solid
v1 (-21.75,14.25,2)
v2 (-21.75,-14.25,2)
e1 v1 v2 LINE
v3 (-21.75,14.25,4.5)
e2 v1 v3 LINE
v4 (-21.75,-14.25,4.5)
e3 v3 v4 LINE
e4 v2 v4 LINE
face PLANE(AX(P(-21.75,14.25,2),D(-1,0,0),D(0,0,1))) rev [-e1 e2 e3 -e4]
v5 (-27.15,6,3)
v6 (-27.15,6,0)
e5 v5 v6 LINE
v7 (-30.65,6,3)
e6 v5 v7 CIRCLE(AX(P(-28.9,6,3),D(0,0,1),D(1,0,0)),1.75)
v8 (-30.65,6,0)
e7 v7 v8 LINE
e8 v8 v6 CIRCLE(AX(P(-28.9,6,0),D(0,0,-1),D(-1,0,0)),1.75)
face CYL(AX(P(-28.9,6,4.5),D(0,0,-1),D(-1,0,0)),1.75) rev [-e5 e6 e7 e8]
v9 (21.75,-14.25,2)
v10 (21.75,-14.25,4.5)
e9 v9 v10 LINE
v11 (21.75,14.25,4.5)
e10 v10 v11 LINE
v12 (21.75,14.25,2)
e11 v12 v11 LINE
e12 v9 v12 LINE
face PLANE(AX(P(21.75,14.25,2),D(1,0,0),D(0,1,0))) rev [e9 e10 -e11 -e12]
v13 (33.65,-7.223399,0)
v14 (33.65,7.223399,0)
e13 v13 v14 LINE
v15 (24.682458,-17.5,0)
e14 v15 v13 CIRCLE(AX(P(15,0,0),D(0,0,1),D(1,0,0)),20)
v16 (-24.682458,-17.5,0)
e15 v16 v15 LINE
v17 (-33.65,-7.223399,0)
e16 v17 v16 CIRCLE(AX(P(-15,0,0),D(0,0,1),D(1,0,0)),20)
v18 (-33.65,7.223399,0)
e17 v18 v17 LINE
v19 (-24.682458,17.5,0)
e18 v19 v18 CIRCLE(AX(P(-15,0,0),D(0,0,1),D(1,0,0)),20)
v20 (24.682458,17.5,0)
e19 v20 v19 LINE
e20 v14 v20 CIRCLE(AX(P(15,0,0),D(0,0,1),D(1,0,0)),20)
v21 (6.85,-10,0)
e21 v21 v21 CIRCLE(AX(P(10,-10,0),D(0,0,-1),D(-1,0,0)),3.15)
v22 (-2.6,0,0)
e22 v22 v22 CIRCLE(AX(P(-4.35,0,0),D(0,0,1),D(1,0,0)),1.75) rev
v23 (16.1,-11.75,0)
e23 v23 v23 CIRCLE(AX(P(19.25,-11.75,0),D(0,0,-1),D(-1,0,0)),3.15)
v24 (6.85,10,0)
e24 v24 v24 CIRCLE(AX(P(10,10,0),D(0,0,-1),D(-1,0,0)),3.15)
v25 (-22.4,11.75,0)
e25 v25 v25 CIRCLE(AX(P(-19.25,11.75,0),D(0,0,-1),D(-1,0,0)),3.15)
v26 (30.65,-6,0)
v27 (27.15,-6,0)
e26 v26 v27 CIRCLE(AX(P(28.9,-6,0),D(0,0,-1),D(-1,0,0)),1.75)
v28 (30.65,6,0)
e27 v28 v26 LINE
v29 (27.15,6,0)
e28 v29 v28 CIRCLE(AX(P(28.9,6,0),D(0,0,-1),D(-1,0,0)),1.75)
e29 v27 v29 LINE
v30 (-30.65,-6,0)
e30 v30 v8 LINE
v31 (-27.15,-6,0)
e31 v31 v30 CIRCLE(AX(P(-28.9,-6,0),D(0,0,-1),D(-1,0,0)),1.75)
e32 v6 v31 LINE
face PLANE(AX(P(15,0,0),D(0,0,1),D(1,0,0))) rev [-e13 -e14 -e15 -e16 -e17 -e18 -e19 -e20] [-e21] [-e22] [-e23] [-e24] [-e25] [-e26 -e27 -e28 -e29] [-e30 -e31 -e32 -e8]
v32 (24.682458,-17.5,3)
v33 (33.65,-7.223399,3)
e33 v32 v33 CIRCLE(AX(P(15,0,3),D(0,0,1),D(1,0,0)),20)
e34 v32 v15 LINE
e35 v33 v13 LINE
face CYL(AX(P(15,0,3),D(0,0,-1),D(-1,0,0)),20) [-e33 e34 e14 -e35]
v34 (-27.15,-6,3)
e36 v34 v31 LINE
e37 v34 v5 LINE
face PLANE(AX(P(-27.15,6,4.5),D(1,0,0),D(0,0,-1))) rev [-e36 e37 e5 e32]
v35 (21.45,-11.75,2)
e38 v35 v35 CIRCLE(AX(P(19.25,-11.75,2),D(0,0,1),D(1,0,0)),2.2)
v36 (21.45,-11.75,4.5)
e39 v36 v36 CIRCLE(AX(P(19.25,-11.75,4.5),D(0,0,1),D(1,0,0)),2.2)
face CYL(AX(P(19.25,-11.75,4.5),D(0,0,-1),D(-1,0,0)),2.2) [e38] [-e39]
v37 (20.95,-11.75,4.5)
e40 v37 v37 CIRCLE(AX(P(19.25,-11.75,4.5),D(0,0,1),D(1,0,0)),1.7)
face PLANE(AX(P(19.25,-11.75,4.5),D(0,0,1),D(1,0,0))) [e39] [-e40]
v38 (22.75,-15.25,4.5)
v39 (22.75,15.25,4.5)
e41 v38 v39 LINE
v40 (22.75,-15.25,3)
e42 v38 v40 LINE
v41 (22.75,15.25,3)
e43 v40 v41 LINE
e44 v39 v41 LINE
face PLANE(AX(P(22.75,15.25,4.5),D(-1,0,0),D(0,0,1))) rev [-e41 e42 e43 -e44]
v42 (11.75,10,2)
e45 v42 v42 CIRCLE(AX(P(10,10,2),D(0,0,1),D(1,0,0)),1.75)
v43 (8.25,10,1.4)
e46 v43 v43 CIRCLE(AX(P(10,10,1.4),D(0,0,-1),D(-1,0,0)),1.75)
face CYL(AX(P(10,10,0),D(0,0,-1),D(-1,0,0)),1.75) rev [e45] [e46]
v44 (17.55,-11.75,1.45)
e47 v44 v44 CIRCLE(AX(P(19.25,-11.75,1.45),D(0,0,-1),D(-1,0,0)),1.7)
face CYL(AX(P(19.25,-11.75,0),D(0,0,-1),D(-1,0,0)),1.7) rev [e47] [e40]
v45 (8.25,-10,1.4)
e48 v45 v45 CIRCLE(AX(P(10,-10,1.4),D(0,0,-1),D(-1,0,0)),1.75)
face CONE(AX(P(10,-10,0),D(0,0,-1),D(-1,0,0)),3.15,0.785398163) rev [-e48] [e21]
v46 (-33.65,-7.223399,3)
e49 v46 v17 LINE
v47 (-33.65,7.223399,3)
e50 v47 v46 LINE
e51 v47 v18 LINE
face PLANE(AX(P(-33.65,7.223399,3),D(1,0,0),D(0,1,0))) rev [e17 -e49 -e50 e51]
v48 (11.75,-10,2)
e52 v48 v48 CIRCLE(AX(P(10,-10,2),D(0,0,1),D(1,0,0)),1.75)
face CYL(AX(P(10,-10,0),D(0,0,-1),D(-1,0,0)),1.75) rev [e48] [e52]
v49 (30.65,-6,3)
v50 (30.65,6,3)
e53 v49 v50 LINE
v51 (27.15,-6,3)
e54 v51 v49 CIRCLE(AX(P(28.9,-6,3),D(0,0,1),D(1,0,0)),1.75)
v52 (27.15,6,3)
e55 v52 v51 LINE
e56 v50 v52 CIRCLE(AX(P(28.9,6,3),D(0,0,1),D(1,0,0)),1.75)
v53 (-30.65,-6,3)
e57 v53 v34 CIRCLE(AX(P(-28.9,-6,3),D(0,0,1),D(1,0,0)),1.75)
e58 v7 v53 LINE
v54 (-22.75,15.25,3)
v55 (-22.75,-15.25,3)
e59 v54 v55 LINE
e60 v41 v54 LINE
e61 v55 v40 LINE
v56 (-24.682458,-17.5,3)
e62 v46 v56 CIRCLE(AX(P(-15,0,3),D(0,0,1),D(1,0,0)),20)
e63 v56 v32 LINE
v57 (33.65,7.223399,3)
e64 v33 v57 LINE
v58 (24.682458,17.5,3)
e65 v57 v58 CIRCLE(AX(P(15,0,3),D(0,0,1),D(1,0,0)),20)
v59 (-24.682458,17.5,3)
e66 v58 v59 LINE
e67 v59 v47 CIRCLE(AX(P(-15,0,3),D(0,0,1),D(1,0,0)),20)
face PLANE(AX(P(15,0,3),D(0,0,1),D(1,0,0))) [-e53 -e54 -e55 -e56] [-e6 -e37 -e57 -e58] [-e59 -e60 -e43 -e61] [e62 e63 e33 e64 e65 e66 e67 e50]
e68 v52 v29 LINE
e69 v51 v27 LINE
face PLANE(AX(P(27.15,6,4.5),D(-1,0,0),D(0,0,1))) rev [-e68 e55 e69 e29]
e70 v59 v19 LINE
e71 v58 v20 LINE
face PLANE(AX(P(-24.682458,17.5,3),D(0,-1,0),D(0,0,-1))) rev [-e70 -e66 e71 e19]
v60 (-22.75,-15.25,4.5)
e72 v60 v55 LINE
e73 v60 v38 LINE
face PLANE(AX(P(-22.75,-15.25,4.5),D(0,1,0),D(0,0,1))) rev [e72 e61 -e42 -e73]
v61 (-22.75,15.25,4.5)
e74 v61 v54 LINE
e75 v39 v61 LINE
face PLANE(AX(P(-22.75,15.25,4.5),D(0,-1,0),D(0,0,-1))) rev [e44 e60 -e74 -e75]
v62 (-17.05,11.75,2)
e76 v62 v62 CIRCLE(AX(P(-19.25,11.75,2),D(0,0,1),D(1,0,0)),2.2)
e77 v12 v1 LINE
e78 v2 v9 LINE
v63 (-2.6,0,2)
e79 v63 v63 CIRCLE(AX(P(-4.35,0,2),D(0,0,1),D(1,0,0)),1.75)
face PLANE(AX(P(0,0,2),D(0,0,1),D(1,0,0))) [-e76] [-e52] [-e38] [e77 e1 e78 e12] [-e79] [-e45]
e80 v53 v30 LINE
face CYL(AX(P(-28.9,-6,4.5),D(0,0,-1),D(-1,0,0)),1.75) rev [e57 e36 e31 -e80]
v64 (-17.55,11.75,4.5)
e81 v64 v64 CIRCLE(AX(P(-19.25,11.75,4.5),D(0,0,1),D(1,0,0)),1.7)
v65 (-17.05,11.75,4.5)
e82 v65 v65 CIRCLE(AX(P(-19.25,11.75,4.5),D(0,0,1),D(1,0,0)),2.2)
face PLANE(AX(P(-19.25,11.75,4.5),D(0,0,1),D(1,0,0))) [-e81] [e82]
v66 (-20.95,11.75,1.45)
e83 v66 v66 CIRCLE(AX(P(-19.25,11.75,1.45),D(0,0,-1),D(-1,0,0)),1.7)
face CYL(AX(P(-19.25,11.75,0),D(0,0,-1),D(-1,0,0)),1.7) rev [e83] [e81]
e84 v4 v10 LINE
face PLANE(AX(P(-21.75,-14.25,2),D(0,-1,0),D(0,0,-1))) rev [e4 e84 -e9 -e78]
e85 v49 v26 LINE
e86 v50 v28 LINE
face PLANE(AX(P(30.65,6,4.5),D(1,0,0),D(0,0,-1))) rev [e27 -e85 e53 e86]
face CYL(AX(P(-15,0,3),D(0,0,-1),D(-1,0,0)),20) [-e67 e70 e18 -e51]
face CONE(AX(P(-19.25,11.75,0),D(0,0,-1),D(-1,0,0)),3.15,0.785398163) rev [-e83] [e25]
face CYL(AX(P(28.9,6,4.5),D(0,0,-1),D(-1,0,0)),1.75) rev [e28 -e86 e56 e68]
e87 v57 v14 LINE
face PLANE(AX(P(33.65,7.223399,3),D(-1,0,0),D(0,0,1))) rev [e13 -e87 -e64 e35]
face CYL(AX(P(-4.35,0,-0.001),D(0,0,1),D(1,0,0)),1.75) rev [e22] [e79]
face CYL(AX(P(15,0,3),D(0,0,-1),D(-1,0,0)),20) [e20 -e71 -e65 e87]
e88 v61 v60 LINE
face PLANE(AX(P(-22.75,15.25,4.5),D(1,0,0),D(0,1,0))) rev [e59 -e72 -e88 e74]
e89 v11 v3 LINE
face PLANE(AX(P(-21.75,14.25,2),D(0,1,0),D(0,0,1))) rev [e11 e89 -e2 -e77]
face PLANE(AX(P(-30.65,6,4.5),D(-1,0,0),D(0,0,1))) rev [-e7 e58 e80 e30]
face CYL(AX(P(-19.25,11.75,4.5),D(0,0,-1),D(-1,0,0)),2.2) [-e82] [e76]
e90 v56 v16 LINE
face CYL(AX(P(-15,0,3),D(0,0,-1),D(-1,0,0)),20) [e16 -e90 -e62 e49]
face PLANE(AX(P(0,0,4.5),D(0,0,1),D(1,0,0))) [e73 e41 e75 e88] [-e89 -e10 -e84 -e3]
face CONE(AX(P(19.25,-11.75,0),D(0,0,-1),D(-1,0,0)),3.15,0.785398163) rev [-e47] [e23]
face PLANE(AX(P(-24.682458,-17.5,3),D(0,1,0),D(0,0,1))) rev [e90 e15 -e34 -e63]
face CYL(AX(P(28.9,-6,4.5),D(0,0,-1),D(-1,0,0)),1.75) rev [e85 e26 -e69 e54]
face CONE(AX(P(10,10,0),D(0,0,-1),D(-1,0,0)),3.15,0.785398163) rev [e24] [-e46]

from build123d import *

# Parameters (mm, degrees)
BOSS_EXTRU_1_DEPTH                             = 3
ESQUISSE2_W                                    = 45.5
ESQUISSE2_H                                    = 30.5
BOSS_EXTRU_2_DEPTH                             = 1.5
ESQUISSE3_W                                    = 43.5
ESQUISSE3_H                                    = 28.5
ENL_V_MAT_EXTRU_2_DEPTH                        = 2.5
FRAISAGE_POUR_VIS_T_TE_FRAIS_E_M31_D           = 3.4
FRAISAGE_POUR_VIS_T_TE_FRAIS_E_M31_CSINK_D     = 6.3
FRAISAGE_POUR_VIS_T_TE_FRAIS_E_M31_CSINK_ANGLE = 90
BOSS_EXTRU_3_START                             = 2.5
ESQUISSE6_R                                    = 2.2
ESQUISSE6_R_2                                  = 1.7
BOSS_EXTRU_3_DEPTH                             = 2.5
ENL_V_MAT_EXTRU_3_DEPTH                        = 39.194534949
FRAISAGE_POUR_VIS_T_TE_FRAIS_E_M32_D           = 3.5
FRAISAGE_POUR_VIS_T_TE_FRAIS_E_M32_CSINK_D     = 6.3
FRAISAGE_POUR_VIS_T_TE_FRAIS_E_M32_CSINK_ANGLE = 90
ENL_V_MAT_EXTRU_5_REACH                        = 40.011
ESQUISSE11_R                                   = 1.75


with BuildPart() as part:
    # Esquisse1 → Boss.-Extru.1 (new body)
    with BuildSketch(Plane.XY):
        with BuildLine():
            Line((-24.682458366, 17.5), (24.682458366, 17.5))
            ThreePointArc((24.682458366, 17.5), (30.069312487, 13.149746049), (33.65, 7.223399477))
            Line((33.65, 7.223399477), (33.65, -7.223399477))
            ThreePointArc((33.65, -7.223399477), (30.069312487, -13.149746049), (24.682458366, -17.5))
            Line((24.682458366, -17.5), (-24.682458366, -17.5))
            ThreePointArc((-24.682458366, -17.5), (-30.069312487, -13.149746049), (-33.65, -7.223399477))
            Line((-33.65, -7.223399477), (-33.65, 7.223399477))
            ThreePointArc((-33.65, 7.223399477), (-30.069312487, 13.149746049), (-24.682458366, 17.5))
        make_face()
    extrude(amount=BOSS_EXTRU_1_DEPTH)

    # Esquisse2 → Boss.-Extru.2 (add)
    with BuildSketch(Plane.XY.offset(3)):
        Rectangle(ESQUISSE2_W, ESQUISSE2_H)
    extrude(amount=BOSS_EXTRU_2_DEPTH)

    # Esquisse3 → Enlèv. mat.-Extru.2 (cut)
    with BuildSketch(Plane.XY.offset(4.5)):
        Rectangle(ESQUISSE3_W, ESQUISSE3_H)
    extrude(amount=-ENL_V_MAT_EXTRU_2_DEPTH, mode=Mode.SUBTRACT)

    # Fraisage pour vis à tête fraisée M31 (through all)
    with Locations(Plane(origin=(0, 0, 0), x_dir=(-1, 0, 0), z_dir=(0, 0, -1))):
        with Locations((-19.25, -11.75), (19.25, 11.75)):
            CounterSinkHole(FRAISAGE_POUR_VIS_T_TE_FRAIS_E_M31_D / 2, FRAISAGE_POUR_VIS_T_TE_FRAIS_E_M31_CSINK_D / 2, counter_sink_angle=FRAISAGE_POUR_VIS_T_TE_FRAIS_E_M31_CSINK_ANGLE)

    # Esquisse6 → Boss.-Extru.3 (add)
    # profile 1 of 2: a face of its own
    with BuildSketch(Plane.XY.offset(2).offset(BOSS_EXTRU_3_START)):
        with Locations((-19.25, 11.75)):
            Circle(ESQUISSE6_R)
        with Locations(Location((-19.25, 11.75, 0), (0, 0, 180))):
            Circle(ESQUISSE6_R_2, mode=Mode.SUBTRACT)
    # profile 2 of 2: a face of its own
    with BuildSketch(Plane.XY.offset(2).offset(BOSS_EXTRU_3_START)):
        with Locations((19.25, -11.75)):
            Circle(ESQUISSE6_R)
        with Locations(Location((19.25, -11.75, 0), (0, 0, 180))):
            Circle(ESQUISSE6_R_2, mode=Mode.SUBTRACT)
    extrude(amount=-BOSS_EXTRU_3_DEPTH)

    # Esquisse7 → Enlèv. mat.-Extru.3 (cut, through all)
    with BuildSketch(Plane(origin=(0, 0, 0), x_dir=(-1, 0, 0), z_dir=(0, 0, -1))):
        with BuildLine():
            Line((-27.15, 6), (-27.15, -6))
            ThreePointArc((-27.15, -6), (-28.9, -7.75), (-30.65, -6))
            Line((-30.65, -6), (-30.65, 6))
            ThreePointArc((-30.65, 6), (-28.9, 7.75), (-27.15, 6))
        make_face()
        with BuildLine():
            Line((27.15, 6), (27.15, -6))
            ThreePointArc((27.15, -6), (28.9, -7.75), (30.65, -6))
            Line((30.65, -6), (30.65, 6))
            ThreePointArc((30.65, 6), (28.9, 7.75), (27.15, 6))
        make_face()
    extrude(amount=-ENL_V_MAT_EXTRU_3_DEPTH, mode=Mode.SUBTRACT)

    # Fraisage pour vis à tête fraisée M32 (through all)
    with Locations(Plane(origin=(0, 0, 0), x_dir=(-1, 0, 0), z_dir=(0, 0, -1))):
        with Locations((-10, -10), (-10, 10)):
            CounterSinkHole(FRAISAGE_POUR_VIS_T_TE_FRAIS_E_M32_D / 2, FRAISAGE_POUR_VIS_T_TE_FRAIS_E_M32_CSINK_D / 2, counter_sink_angle=FRAISAGE_POUR_VIS_T_TE_FRAIS_E_M32_CSINK_ANGLE)

    # Esquisse11 → Enlèv. mat.-Extru.5 (cut, up to next)
    with BuildSketch(Plane.XY.offset(2), mode=Mode.PRIVATE) as enl_v_mat_extru_5_sk1:
        with Locations((-4.35, 0)):
            Circle(ESQUISSE11_R)
    enl_v_mat_extru_5_tool1 = extrude(enl_v_mat_extru_5_sk1.sketch, amount=-ENL_V_MAT_EXTRU_5_REACH, mode=Mode.PRIVATE) & part.part
    add(enl_v_mat_extru_5_tool1.solids().sort_by_distance((-4.35, 0, 2))[0], mode=Mode.SUBTRACT)


solid = part.part
